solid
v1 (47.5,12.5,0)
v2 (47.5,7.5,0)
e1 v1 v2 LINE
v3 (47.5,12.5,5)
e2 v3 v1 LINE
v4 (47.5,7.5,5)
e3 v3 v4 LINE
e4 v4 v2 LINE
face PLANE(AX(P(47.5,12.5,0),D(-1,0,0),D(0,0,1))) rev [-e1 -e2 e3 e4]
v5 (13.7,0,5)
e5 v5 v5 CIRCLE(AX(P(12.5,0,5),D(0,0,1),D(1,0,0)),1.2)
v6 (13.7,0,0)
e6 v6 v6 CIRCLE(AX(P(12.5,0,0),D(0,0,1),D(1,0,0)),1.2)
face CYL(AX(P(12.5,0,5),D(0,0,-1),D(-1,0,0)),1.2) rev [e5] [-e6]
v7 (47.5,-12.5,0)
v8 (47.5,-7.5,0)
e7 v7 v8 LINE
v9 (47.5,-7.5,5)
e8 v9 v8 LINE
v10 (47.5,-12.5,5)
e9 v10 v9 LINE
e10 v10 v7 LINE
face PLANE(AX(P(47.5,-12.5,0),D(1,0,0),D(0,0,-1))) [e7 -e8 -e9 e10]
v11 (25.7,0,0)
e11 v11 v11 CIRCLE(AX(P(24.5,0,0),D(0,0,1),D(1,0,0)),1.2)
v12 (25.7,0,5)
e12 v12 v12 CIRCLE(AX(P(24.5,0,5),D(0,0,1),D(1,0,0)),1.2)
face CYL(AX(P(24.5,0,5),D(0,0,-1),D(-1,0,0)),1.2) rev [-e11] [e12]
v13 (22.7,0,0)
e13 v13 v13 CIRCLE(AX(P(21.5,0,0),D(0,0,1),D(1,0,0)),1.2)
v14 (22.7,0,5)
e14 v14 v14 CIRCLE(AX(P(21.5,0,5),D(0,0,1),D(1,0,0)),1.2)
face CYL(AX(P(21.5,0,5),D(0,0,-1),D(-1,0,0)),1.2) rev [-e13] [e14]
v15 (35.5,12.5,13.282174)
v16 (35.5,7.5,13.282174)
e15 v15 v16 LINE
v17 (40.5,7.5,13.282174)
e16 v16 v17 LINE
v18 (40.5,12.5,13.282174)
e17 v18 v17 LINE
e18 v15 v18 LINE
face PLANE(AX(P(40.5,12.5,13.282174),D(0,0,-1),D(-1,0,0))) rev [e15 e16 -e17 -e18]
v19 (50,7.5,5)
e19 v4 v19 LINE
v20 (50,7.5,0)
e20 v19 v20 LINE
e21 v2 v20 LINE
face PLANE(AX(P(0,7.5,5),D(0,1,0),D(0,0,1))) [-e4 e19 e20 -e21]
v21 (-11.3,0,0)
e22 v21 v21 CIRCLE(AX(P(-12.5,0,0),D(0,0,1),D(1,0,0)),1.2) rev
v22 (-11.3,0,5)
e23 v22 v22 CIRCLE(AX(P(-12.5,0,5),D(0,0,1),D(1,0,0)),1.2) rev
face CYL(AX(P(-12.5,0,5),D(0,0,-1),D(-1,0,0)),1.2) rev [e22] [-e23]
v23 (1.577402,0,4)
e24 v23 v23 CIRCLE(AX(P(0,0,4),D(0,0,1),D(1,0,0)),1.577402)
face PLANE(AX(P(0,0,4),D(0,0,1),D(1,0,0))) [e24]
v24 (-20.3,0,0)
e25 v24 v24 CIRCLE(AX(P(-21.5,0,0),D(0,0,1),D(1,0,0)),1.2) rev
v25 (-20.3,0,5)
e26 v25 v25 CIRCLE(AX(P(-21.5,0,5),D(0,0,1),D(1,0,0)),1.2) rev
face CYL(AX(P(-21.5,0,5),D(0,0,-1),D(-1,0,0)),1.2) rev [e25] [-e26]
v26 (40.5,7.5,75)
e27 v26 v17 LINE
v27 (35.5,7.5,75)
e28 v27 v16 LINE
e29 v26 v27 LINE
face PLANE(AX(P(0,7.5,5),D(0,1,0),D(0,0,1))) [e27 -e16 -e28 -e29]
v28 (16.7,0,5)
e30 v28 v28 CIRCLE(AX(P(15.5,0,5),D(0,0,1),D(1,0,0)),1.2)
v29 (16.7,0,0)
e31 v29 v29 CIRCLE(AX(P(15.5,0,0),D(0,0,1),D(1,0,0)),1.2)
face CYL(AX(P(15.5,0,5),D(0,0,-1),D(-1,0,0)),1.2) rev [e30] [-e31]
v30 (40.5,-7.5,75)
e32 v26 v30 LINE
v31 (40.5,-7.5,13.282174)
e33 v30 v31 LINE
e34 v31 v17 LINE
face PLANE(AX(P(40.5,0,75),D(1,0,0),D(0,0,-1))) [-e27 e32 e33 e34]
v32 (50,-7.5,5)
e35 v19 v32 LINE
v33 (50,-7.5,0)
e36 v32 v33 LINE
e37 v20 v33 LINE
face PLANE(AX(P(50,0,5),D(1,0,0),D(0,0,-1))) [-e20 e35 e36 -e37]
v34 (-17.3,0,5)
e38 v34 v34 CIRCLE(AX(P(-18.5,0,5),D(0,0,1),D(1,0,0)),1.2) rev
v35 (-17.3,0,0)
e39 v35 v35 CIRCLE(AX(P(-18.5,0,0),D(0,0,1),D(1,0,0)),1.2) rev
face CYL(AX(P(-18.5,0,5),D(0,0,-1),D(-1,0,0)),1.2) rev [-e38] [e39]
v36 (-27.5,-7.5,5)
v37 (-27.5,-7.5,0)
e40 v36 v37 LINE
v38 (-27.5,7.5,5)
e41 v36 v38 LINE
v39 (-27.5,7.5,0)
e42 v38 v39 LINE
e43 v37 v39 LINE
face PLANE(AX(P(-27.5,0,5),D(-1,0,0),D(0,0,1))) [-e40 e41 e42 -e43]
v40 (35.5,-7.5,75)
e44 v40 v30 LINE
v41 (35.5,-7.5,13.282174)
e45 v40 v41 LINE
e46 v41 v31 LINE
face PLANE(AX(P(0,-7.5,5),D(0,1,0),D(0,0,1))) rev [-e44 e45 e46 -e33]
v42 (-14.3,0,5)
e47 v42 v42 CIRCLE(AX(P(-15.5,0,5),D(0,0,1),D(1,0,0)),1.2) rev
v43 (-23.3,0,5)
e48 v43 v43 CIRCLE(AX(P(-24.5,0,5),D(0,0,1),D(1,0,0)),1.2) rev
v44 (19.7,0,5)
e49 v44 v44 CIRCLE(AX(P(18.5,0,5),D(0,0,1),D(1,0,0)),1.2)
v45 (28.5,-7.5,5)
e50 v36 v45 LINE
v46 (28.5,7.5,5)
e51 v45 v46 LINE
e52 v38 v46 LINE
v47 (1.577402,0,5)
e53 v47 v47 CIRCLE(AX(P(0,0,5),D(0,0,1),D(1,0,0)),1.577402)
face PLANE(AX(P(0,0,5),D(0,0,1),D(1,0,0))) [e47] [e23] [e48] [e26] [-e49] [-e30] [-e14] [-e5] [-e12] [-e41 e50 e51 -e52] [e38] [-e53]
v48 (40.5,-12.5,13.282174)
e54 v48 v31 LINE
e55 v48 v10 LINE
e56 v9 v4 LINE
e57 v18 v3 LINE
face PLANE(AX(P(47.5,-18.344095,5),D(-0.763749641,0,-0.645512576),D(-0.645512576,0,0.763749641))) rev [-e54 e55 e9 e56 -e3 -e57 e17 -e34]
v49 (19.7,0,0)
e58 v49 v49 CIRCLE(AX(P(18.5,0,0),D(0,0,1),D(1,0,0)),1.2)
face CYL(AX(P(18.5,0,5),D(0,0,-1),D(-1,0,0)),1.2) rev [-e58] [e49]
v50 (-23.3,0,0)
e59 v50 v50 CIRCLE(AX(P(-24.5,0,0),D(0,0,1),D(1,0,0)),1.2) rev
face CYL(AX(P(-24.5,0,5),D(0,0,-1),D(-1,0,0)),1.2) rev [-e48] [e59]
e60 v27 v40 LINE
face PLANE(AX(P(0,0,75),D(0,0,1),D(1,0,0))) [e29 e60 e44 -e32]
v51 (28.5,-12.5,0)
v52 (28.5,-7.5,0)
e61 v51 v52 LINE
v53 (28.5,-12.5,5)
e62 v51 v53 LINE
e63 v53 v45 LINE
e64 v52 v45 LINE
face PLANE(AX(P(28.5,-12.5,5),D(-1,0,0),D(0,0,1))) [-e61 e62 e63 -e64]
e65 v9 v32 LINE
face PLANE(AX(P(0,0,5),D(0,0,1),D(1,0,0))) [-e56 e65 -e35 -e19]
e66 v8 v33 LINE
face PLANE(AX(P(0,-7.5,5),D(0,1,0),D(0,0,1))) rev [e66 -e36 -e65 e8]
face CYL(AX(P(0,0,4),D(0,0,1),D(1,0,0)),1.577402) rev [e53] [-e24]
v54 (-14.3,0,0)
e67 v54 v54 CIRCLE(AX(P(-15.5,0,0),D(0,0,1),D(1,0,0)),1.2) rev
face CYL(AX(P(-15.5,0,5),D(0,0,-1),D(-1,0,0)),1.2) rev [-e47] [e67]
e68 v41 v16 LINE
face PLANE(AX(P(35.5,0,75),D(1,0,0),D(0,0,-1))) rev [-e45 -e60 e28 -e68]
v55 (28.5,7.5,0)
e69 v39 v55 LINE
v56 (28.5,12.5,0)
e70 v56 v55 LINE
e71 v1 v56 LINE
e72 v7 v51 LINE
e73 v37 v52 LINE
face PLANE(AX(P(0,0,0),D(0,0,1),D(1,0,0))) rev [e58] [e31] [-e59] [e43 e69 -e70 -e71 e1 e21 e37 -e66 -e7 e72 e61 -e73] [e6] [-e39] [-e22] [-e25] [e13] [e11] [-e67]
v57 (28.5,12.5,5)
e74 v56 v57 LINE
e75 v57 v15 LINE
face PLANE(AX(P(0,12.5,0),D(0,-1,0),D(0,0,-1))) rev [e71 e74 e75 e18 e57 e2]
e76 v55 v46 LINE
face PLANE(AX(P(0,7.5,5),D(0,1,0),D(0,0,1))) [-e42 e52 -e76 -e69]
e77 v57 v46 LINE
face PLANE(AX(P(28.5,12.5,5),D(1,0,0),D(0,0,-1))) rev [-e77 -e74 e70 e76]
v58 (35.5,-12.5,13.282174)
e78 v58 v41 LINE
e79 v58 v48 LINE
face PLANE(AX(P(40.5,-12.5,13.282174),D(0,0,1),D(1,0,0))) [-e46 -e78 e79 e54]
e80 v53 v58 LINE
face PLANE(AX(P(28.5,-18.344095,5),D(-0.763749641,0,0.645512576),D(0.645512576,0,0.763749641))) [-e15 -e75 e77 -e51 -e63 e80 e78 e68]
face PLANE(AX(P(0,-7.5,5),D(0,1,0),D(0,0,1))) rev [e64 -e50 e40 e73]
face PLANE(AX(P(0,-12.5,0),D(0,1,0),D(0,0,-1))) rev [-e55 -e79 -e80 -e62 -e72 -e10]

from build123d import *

# Parameters (mm, degrees)
SKETCH1_W           = 55
SKETCH1_H           = 15
SKETCH1_R           = 1.2
SKETCH1_W_2         = 22.5
BOSS_EXTRUDE1_DEPTH = 5
SKETCH2_R           = 1.577401702
CUT_EXTRUDE1_DEPTH  = 1
SKETCH2_3_W         = 5
SKETCH2_3_H         = 15
BOSS_EXTRUDE2_DEPTH = 70
BOSS_EXTRUDE3_DEPTH = 15
BOSS_EXTRUDE4_DEPTH = 5


with BuildPart() as part:
    # Sketch1 → Boss-Extrude1 (new body)
    with BuildSketch(Plane.XY):
        Rectangle(SKETCH1_W, SKETCH1_H)
        with Locations((-15.5, 0)):
            Circle(SKETCH1_R, mode=Mode.SUBTRACT)
        with Locations((-21.5, 0)):
            Circle(SKETCH1_R, mode=Mode.SUBTRACT)
        with Locations((24.5, 0)):
            Circle(SKETCH1_R, mode=Mode.SUBTRACT)
        with Locations((21.5, 0)):
            Circle(SKETCH1_R, mode=Mode.SUBTRACT)
        with Locations((18.5, 0)):
            Circle(SKETCH1_R, mode=Mode.SUBTRACT)
        with Locations((15.5, 0)):
            Circle(SKETCH1_R, mode=Mode.SUBTRACT)
        with Locations((12.5, 0)):
            Circle(SKETCH1_R, mode=Mode.SUBTRACT)
        with Locations((-24.5, 0)):
            Circle(SKETCH1_R, mode=Mode.SUBTRACT)
        with Locations((-18.5, 0)):
            Circle(SKETCH1_R, mode=Mode.SUBTRACT)
        with Locations((-12.5, 0)):
            Circle(SKETCH1_R, mode=Mode.SUBTRACT)
        with Locations((38.75, 0)):
            Rectangle(SKETCH1_W_2, SKETCH1_H)
    extrude(amount=BOSS_EXTRUDE1_DEPTH)

    # Sketch2 → Cut-Extrude1 (cut)
    with BuildSketch(Plane.XY.offset(5)):
        Circle(SKETCH2_R)
    extrude(amount=-CUT_EXTRUDE1_DEPTH, mode=Mode.SUBTRACT)

    # Sketch2<3> → Boss-Extrude2 (add)
    with BuildSketch(Plane.XY.offset(5)):
        with Locations((38, 0)):
            Rectangle(SKETCH2_3_W, SKETCH2_3_H)
    extrude(amount=BOSS_EXTRUDE2_DEPTH)

    # Sketch6 → Boss-Extrude3 (add)
    with BuildSketch(Plane(origin=(0, 7.5, 0), x_dir=(1, 0, 0), z_dir=(0, 1, 0))):
        Polygon((28.5, -5), (35.5, -13.282174024), (35.5, -5), align=None)
    boss_extrude3 = extrude(amount=-BOSS_EXTRUDE3_DEPTH)

    # Mirror1: Boss-Extrude3 across plane
    add(boss_extrude3.mirror(Plane(origin=(38, 0, 0), x_dir=(0, 0, 1), z_dir=(1, 0, 0))))

    # Sketch7 → Boss-Extrude4 (add)
    with BuildSketch(Plane(origin=(0, 7.5, 0), x_dir=(1, 0, 0), z_dir=(0, 1, 0))):
        Polygon((35.5, -13.282174024), (28.5, -5), (28.5, 0), (47.5, 0), (47.5, -5), (40.5, -13.282174024), align=None)
    boss_extrude4 = extrude(amount=BOSS_EXTRUDE4_DEPTH)

    # Mirror2: Boss-Extrude4 across plane
    add(boss_extrude4.mirror(Plane(origin=(0, 0, 0), x_dir=(0, 0, 1), z_dir=(0, -1, 0))))


solid = part.part
